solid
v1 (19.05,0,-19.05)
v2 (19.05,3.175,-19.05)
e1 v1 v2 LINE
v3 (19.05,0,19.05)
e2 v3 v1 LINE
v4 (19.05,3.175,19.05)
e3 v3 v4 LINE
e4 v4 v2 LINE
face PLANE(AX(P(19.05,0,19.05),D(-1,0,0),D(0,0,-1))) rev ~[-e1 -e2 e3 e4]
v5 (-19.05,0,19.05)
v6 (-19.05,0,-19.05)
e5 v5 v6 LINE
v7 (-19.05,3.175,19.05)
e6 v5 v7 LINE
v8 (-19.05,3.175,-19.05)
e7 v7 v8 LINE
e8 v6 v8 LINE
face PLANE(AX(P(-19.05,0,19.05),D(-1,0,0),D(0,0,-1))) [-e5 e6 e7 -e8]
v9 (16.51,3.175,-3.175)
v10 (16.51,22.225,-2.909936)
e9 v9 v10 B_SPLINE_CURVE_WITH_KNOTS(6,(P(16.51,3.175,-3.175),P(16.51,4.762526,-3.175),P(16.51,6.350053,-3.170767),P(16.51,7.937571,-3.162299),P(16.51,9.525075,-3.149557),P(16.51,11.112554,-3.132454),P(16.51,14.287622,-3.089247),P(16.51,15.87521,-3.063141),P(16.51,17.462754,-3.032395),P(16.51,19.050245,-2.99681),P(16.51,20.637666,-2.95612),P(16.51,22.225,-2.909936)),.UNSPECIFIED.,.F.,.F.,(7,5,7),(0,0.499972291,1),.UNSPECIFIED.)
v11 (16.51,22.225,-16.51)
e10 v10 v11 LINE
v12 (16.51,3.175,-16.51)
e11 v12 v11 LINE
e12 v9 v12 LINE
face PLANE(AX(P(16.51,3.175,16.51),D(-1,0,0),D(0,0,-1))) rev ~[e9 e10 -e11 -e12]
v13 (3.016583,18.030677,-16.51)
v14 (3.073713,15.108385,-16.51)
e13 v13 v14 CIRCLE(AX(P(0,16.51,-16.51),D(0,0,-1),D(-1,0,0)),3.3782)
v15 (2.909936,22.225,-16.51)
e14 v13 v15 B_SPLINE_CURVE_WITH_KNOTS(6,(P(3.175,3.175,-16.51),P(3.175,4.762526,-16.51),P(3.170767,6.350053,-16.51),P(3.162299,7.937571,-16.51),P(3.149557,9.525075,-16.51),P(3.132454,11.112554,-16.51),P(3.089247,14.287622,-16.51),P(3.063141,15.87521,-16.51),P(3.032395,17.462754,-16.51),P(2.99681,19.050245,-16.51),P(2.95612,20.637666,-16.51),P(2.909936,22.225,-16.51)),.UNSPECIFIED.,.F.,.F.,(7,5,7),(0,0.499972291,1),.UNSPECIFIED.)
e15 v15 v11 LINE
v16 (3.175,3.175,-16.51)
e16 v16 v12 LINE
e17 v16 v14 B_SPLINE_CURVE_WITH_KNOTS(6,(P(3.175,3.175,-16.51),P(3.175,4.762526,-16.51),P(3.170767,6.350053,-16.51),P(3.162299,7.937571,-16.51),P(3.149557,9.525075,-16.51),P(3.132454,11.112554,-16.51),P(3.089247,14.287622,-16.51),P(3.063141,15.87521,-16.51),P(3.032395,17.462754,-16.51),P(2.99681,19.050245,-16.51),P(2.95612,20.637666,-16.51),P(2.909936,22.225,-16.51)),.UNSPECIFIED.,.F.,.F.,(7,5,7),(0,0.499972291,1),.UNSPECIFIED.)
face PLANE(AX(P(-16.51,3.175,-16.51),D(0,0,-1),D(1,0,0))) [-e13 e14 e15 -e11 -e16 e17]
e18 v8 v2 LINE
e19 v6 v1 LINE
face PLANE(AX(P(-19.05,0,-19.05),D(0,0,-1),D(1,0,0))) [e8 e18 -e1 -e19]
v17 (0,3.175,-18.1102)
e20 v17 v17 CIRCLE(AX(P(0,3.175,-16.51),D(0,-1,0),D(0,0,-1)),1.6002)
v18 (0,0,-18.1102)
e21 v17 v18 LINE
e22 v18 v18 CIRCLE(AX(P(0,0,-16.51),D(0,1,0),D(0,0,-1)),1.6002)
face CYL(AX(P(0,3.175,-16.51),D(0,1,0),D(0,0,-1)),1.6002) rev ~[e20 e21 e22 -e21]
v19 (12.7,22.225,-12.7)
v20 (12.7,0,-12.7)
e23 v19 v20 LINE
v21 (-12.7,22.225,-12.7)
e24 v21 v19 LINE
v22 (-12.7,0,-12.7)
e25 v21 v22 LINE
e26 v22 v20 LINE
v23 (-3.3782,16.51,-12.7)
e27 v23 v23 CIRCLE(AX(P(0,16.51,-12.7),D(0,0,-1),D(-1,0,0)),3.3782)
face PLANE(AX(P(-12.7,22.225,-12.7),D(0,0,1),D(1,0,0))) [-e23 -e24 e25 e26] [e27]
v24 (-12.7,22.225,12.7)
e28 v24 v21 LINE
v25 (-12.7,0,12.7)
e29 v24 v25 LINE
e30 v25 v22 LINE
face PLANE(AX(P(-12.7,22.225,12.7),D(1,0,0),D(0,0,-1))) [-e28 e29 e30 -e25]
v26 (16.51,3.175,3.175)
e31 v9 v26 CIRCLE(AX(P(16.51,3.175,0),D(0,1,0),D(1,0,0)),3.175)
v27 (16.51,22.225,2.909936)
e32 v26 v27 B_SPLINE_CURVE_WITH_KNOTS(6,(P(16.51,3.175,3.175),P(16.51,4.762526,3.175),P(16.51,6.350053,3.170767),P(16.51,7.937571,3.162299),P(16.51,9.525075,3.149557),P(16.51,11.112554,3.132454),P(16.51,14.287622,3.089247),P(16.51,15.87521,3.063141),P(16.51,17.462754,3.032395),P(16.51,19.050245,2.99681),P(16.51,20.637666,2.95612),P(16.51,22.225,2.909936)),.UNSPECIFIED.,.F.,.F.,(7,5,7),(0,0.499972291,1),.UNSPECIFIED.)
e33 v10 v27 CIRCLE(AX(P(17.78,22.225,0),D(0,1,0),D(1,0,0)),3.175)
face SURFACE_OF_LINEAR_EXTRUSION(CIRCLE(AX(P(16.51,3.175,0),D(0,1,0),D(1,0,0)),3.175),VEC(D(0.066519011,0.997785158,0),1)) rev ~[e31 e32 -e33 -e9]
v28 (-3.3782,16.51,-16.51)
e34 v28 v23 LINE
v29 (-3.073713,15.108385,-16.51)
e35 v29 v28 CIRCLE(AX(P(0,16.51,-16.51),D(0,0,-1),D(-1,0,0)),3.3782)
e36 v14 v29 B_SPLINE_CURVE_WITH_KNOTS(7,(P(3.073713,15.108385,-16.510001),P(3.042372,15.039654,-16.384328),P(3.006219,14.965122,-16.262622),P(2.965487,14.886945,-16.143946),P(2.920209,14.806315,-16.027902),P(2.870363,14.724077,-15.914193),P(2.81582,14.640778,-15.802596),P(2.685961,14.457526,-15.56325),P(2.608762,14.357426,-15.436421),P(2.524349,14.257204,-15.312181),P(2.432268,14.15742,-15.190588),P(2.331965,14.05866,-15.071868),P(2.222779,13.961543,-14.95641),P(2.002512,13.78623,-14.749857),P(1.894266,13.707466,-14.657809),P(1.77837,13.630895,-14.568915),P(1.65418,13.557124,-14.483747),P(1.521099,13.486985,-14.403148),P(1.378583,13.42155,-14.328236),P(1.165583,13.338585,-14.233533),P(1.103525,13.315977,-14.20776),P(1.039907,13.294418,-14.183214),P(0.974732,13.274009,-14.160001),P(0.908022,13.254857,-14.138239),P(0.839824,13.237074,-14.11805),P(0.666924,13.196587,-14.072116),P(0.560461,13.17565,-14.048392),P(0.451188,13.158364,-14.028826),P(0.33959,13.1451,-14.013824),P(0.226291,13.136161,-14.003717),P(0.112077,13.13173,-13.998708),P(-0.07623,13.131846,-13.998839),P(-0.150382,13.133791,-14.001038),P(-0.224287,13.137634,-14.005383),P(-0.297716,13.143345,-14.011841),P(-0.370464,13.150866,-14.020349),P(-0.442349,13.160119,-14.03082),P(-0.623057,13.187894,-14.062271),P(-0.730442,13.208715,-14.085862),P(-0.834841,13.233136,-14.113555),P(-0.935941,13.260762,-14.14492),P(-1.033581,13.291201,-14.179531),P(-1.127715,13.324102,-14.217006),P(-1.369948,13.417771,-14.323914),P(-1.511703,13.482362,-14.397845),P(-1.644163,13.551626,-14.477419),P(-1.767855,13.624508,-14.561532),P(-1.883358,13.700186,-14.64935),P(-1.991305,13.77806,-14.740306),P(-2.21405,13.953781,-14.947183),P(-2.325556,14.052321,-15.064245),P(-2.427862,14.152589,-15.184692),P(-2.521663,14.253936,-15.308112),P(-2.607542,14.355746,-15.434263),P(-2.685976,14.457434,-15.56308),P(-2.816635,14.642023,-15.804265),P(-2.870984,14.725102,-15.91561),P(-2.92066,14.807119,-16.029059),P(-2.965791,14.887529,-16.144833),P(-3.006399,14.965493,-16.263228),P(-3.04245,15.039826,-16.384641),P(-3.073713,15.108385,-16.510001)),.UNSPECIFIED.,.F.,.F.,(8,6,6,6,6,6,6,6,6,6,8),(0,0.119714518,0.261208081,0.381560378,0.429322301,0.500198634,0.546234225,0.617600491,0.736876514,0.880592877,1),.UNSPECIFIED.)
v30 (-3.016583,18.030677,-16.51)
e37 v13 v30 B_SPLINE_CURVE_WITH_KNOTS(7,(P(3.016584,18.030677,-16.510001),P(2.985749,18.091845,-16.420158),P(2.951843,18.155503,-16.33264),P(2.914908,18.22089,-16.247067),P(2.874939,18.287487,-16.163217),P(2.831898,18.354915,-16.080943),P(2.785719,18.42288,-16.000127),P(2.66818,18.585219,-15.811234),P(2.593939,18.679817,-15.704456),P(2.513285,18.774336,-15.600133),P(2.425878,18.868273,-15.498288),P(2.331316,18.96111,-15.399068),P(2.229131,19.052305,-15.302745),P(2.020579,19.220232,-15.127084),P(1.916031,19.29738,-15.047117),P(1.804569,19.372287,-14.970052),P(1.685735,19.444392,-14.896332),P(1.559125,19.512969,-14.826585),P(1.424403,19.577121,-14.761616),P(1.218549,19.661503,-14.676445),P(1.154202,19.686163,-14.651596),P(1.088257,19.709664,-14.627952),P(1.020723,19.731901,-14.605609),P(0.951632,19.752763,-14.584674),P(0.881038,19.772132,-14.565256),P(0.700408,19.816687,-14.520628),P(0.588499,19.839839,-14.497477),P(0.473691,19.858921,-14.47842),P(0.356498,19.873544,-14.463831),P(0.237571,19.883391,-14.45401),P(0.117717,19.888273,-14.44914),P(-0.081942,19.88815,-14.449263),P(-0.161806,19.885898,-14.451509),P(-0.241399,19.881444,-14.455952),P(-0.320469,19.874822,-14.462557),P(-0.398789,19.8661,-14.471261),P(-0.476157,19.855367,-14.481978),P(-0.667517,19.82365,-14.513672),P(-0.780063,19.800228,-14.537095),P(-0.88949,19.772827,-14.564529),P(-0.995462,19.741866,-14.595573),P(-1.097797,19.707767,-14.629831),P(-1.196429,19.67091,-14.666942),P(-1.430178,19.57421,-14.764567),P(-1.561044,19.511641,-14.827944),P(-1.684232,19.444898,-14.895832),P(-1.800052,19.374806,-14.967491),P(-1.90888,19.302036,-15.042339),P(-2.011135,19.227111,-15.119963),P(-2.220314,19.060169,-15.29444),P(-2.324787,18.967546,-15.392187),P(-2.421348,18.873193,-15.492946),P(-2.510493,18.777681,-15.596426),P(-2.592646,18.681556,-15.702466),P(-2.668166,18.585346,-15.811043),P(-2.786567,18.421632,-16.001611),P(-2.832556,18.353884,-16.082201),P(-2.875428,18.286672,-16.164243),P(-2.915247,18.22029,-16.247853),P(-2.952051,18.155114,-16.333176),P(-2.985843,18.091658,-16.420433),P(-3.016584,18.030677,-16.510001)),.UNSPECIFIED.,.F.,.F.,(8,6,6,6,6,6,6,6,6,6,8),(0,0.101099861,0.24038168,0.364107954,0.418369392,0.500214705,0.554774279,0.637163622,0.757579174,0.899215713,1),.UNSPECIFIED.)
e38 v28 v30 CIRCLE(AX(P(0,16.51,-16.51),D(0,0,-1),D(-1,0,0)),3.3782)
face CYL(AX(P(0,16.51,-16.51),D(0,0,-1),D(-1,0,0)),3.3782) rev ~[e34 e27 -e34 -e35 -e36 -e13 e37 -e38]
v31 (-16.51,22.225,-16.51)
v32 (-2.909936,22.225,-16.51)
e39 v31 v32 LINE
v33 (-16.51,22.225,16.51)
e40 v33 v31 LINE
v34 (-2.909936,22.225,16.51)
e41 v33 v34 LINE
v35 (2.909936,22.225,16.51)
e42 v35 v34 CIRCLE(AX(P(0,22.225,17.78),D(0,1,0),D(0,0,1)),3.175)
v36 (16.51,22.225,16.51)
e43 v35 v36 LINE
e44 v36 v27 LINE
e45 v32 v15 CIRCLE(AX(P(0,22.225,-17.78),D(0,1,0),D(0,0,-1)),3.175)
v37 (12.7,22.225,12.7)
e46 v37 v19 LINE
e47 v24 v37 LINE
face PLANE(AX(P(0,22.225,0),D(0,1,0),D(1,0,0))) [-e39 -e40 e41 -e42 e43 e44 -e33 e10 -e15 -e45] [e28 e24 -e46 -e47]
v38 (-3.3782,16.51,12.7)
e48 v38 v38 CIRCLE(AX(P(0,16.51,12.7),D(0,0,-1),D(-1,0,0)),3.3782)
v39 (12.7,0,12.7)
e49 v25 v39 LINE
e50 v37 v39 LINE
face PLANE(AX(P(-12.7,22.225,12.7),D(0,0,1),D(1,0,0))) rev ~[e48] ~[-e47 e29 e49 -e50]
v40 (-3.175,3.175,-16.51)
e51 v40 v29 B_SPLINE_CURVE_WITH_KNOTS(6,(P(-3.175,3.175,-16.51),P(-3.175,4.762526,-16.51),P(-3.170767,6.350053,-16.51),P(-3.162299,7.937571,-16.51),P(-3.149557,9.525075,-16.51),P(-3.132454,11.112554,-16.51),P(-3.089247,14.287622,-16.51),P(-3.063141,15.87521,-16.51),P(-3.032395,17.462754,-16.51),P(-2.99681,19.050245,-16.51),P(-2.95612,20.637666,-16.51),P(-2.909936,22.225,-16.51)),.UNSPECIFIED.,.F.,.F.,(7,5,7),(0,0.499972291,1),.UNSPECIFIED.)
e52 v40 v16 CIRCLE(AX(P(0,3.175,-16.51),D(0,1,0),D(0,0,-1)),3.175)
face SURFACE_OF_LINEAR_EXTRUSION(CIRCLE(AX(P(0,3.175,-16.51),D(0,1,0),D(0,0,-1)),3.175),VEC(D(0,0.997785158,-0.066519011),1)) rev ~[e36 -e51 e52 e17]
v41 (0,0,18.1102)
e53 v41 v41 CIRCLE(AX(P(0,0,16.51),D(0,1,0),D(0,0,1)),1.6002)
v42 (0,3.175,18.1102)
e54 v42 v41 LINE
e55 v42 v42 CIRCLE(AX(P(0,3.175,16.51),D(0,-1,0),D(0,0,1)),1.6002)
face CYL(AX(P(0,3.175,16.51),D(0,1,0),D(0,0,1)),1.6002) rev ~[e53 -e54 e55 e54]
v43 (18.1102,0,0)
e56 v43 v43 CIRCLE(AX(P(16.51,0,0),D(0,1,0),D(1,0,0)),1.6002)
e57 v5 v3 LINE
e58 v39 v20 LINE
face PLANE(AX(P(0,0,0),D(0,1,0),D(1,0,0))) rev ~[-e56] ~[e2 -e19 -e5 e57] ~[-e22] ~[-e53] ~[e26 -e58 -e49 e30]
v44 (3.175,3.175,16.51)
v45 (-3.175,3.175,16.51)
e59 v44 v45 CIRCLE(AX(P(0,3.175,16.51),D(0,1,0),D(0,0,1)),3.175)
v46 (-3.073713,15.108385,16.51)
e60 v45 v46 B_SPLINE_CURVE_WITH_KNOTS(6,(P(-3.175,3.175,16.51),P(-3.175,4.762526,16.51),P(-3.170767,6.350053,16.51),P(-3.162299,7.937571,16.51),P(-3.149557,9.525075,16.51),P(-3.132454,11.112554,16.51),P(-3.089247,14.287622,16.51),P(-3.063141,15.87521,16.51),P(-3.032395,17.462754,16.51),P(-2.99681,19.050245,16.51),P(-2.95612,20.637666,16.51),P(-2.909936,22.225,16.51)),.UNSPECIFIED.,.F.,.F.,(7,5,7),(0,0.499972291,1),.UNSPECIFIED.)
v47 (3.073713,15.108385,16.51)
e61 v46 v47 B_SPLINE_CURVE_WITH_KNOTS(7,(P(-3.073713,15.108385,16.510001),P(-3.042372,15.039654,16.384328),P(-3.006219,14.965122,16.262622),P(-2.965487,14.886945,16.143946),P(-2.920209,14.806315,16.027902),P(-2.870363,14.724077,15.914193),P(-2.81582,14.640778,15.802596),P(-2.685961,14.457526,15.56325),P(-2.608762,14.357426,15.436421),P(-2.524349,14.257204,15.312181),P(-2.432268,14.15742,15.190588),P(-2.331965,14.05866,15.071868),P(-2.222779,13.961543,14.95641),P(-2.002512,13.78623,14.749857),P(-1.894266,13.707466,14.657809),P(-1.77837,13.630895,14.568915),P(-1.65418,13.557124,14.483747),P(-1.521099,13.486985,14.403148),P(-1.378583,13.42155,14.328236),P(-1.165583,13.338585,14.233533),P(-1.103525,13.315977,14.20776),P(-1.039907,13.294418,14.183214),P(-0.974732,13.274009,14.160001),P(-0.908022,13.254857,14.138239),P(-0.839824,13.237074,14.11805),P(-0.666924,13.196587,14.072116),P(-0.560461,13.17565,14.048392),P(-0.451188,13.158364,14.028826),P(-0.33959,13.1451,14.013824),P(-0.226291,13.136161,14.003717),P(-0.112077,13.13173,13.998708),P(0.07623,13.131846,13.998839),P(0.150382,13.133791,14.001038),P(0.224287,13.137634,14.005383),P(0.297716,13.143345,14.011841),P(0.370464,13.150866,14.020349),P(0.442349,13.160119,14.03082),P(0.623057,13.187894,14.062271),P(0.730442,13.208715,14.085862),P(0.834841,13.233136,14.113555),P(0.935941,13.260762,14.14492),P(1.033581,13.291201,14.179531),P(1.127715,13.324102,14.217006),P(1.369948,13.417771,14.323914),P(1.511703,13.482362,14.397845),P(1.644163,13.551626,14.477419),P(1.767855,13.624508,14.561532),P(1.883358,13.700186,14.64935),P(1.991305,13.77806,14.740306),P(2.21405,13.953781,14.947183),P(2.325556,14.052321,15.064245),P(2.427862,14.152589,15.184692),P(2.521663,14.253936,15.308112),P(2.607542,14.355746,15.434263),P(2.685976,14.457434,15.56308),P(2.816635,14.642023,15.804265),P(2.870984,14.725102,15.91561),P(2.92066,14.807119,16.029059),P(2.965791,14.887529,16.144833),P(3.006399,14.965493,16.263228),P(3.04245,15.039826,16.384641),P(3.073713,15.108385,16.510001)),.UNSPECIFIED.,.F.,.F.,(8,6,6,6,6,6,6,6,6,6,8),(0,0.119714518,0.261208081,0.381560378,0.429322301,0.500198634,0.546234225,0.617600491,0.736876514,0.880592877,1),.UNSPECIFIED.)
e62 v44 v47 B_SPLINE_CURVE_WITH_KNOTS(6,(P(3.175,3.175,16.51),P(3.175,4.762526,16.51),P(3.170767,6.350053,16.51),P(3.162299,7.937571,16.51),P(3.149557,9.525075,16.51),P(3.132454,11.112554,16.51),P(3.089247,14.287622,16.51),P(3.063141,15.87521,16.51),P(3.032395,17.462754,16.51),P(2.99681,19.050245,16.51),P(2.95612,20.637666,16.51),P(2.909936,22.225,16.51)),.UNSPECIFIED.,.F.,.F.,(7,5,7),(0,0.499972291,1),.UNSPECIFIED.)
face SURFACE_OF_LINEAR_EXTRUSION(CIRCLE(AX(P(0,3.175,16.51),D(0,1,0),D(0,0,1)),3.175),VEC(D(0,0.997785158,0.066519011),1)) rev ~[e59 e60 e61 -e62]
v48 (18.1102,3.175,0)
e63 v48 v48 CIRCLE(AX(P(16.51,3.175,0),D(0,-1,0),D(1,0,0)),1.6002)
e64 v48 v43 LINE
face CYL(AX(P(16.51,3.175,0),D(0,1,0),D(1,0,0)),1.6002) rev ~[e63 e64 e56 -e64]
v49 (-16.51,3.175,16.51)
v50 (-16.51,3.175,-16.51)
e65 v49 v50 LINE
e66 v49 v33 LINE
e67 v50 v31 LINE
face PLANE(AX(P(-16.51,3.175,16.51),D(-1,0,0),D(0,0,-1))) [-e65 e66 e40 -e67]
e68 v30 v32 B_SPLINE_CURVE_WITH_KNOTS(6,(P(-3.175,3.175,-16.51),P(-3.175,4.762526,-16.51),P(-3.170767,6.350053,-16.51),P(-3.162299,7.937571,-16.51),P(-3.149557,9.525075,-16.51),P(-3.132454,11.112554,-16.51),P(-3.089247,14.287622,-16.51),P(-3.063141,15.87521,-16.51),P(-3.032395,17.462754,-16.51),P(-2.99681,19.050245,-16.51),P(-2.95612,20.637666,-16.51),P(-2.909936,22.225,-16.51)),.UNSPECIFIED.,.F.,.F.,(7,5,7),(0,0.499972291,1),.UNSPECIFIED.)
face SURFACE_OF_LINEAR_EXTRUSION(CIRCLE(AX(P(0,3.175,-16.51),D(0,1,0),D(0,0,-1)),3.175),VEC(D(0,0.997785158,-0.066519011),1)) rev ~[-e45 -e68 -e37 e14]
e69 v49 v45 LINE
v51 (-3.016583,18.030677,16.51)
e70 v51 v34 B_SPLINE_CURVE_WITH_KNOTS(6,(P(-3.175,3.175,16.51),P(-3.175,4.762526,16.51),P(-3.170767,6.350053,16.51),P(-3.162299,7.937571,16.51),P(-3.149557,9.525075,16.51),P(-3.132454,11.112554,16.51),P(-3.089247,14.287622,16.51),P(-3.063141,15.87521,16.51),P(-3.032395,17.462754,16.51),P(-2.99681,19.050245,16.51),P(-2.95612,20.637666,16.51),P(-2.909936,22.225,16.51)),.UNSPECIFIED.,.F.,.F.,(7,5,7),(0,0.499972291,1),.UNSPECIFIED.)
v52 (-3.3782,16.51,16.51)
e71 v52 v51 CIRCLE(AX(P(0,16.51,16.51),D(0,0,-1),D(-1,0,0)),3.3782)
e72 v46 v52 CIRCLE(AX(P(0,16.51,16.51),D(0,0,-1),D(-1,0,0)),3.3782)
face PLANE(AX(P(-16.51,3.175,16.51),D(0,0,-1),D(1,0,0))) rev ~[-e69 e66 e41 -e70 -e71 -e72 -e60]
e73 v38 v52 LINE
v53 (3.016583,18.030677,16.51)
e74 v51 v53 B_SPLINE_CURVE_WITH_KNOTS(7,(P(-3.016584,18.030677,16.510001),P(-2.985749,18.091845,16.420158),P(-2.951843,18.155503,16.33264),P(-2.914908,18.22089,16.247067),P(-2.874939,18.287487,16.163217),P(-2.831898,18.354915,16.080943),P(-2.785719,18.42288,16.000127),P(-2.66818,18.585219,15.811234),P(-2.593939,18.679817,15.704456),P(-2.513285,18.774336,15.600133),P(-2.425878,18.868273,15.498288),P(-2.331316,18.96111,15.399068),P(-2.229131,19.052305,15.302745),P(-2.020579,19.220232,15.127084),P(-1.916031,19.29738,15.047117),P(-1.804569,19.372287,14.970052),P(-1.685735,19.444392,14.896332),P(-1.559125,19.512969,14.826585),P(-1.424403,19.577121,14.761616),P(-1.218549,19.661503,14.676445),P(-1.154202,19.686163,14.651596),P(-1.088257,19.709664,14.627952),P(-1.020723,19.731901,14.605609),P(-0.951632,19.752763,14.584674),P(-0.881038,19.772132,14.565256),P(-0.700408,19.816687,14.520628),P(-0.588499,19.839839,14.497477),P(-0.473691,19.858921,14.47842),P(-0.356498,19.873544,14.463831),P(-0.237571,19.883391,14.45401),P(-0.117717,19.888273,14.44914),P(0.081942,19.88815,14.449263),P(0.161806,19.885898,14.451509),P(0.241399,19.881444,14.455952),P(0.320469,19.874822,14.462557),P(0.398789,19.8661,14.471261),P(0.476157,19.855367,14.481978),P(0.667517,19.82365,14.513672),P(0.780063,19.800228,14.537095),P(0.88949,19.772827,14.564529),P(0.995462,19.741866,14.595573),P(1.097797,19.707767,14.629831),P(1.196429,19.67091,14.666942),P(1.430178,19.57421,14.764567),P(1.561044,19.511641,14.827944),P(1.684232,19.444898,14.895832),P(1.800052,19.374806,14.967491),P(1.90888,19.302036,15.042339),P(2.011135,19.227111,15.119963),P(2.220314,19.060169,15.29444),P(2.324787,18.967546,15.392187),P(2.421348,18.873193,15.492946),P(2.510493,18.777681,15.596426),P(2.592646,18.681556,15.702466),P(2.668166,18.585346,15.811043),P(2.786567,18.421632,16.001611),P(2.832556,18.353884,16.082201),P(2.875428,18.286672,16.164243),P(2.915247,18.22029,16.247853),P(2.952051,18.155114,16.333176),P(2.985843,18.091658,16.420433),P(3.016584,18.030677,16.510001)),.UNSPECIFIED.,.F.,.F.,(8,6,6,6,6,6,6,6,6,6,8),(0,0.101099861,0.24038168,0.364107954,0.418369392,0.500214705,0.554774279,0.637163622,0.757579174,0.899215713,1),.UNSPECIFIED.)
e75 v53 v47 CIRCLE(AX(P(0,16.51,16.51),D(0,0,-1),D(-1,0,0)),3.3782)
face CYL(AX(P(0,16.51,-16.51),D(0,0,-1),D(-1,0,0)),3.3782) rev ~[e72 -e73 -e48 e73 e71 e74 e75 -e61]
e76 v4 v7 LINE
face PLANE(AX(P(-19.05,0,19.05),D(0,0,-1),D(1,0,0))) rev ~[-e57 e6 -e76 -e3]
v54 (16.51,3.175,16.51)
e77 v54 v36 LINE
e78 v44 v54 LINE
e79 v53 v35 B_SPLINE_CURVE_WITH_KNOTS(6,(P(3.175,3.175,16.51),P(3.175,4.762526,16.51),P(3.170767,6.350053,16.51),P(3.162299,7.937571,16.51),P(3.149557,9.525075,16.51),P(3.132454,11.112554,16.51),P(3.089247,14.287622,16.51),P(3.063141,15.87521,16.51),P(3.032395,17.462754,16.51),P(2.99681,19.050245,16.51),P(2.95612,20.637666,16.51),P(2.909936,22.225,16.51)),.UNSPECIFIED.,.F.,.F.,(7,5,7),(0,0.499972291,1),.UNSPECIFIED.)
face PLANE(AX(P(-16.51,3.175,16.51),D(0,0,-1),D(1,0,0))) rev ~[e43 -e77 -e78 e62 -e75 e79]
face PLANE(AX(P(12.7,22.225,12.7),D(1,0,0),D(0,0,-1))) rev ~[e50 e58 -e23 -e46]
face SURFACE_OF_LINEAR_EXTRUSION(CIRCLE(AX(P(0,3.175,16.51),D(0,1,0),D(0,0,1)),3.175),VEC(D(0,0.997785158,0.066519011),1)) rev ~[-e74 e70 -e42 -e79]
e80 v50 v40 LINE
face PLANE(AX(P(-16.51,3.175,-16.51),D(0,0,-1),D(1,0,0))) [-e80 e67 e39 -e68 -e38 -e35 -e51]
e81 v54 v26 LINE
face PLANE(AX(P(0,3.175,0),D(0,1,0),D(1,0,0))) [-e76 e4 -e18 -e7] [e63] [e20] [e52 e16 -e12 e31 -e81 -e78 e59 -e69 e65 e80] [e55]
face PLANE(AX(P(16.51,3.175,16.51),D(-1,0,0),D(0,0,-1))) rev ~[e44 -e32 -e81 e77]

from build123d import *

# Parameters (mm, degrees)
SKETCH1_W           = 38.1
SKETCH1_H           = 38.1
BOSS_EXTRUDE1_DEPTH = 3.175
SKETCH2_W           = 33.02
SKETCH2_H           = 33.02
BOSS_EXTRUDE2_DEPTH = 19.05
SKETCH3_W           = 25.4
SKETCH3_H           = 25.4
CUT_EXTRUDE1_DEPTH  = 23.225
SKETCH4_R           = 1.6002
CUT_EXTRUDE2_DEPTH  = 4.175
CIRPATTERN1_COUNT   = 4
SKETCH6_R           = 3.3782
CUT_EXTRUDE4_DEPTH  = 36.56
SKETCH10_R          = 3.175
CIRPATTERN3_COUNT   = 4


with BuildPart() as part:
    # Sketch1 → Boss-Extrude1 (new body)
    with BuildSketch(Plane(origin=(0, 0, 0), x_dir=(1, 0, 0), z_dir=(0, 1, 0))):
        Rectangle(SKETCH1_W, SKETCH1_H)
    extrude(amount=BOSS_EXTRUDE1_DEPTH)

    # Sketch2 → Boss-Extrude2 (add)
    with BuildSketch(Plane(origin=(0, 3.175, 0), x_dir=(1, 0, 0), z_dir=(0, 1, 0))):
        Rectangle(SKETCH2_W, SKETCH2_H)
    extrude(amount=BOSS_EXTRUDE2_DEPTH)

    # Sketch3 → Cut-Extrude1 (cut, through all)
    with BuildSketch(Plane(origin=(0, 22.225, 0), x_dir=(1, 0, 0), z_dir=(0, 1, 0))):
        Rectangle(SKETCH3_W, SKETCH3_H)
    extrude(amount=-CUT_EXTRUDE1_DEPTH, mode=Mode.SUBTRACT)

    # Sketch4 → Cut-Extrude2 (cut, through all)
    with BuildSketch(Plane(origin=(0, 3.175, 0), x_dir=(1, 0, 0), z_dir=(0, 1, 0))):
        with Locations((16.51, 0)):
            Circle(SKETCH4_R)
    cut_extrude2 = extrude(amount=-CUT_EXTRUDE2_DEPTH, mode=Mode.SUBTRACT)

    # CirPattern1: Cut-Extrude2 ×4 about axis, 1 skipped
    cirpattern1_axis = Axis((0, 0, 0), (0, 1, 0))
    add([cut_extrude2.rotate(cirpattern1_axis, i * 360 / CIRPATTERN1_COUNT) for i in range(1, CIRPATTERN1_COUNT) if i not in (2,)], mode=Mode.SUBTRACT)

    # Sketch6 → Cut-Extrude4 (cut, through all)
    with BuildSketch(Plane(origin=(0, 0, -16.51), x_dir=(-1, 0, 0), z_dir=(0, 0, -1))):
        with Locations((0, 16.51)):
            Circle(SKETCH6_R)
    extrude(amount=-CUT_EXTRUDE4_DEPTH, mode=Mode.SUBTRACT)

    # Cut-Sweep2: sweep along a path in Sketch9
    with BuildLine(Plane.XY) as cut_sweep2_path:
        Line((16.51, 3.175), (17.78, 22.225))
    # Sketch10 → Cut-Sweep2 (sweep, cut)
    with BuildSketch(Plane(origin=(0, 3.175, 0), x_dir=(1, 0, 0), z_dir=(0, 1, 0))):
        with Locations((16.51, 0)):
            Circle(SKETCH10_R)
    cut_sweep2 = sweep(path=cut_sweep2_path.line, mode=Mode.SUBTRACT)

    # CirPattern3: Cut-Sweep2 ×4 about axis, 1 skipped
    cirpattern3_axis = Axis((0, -1.42875, 0), (0, 1, 0))
    add([cut_sweep2.rotate(cirpattern3_axis, i * 360 / CIRPATTERN3_COUNT) for i in range(1, CIRPATTERN3_COUNT) if i not in (2,)], mode=Mode.SUBTRACT)


solid = part.part
